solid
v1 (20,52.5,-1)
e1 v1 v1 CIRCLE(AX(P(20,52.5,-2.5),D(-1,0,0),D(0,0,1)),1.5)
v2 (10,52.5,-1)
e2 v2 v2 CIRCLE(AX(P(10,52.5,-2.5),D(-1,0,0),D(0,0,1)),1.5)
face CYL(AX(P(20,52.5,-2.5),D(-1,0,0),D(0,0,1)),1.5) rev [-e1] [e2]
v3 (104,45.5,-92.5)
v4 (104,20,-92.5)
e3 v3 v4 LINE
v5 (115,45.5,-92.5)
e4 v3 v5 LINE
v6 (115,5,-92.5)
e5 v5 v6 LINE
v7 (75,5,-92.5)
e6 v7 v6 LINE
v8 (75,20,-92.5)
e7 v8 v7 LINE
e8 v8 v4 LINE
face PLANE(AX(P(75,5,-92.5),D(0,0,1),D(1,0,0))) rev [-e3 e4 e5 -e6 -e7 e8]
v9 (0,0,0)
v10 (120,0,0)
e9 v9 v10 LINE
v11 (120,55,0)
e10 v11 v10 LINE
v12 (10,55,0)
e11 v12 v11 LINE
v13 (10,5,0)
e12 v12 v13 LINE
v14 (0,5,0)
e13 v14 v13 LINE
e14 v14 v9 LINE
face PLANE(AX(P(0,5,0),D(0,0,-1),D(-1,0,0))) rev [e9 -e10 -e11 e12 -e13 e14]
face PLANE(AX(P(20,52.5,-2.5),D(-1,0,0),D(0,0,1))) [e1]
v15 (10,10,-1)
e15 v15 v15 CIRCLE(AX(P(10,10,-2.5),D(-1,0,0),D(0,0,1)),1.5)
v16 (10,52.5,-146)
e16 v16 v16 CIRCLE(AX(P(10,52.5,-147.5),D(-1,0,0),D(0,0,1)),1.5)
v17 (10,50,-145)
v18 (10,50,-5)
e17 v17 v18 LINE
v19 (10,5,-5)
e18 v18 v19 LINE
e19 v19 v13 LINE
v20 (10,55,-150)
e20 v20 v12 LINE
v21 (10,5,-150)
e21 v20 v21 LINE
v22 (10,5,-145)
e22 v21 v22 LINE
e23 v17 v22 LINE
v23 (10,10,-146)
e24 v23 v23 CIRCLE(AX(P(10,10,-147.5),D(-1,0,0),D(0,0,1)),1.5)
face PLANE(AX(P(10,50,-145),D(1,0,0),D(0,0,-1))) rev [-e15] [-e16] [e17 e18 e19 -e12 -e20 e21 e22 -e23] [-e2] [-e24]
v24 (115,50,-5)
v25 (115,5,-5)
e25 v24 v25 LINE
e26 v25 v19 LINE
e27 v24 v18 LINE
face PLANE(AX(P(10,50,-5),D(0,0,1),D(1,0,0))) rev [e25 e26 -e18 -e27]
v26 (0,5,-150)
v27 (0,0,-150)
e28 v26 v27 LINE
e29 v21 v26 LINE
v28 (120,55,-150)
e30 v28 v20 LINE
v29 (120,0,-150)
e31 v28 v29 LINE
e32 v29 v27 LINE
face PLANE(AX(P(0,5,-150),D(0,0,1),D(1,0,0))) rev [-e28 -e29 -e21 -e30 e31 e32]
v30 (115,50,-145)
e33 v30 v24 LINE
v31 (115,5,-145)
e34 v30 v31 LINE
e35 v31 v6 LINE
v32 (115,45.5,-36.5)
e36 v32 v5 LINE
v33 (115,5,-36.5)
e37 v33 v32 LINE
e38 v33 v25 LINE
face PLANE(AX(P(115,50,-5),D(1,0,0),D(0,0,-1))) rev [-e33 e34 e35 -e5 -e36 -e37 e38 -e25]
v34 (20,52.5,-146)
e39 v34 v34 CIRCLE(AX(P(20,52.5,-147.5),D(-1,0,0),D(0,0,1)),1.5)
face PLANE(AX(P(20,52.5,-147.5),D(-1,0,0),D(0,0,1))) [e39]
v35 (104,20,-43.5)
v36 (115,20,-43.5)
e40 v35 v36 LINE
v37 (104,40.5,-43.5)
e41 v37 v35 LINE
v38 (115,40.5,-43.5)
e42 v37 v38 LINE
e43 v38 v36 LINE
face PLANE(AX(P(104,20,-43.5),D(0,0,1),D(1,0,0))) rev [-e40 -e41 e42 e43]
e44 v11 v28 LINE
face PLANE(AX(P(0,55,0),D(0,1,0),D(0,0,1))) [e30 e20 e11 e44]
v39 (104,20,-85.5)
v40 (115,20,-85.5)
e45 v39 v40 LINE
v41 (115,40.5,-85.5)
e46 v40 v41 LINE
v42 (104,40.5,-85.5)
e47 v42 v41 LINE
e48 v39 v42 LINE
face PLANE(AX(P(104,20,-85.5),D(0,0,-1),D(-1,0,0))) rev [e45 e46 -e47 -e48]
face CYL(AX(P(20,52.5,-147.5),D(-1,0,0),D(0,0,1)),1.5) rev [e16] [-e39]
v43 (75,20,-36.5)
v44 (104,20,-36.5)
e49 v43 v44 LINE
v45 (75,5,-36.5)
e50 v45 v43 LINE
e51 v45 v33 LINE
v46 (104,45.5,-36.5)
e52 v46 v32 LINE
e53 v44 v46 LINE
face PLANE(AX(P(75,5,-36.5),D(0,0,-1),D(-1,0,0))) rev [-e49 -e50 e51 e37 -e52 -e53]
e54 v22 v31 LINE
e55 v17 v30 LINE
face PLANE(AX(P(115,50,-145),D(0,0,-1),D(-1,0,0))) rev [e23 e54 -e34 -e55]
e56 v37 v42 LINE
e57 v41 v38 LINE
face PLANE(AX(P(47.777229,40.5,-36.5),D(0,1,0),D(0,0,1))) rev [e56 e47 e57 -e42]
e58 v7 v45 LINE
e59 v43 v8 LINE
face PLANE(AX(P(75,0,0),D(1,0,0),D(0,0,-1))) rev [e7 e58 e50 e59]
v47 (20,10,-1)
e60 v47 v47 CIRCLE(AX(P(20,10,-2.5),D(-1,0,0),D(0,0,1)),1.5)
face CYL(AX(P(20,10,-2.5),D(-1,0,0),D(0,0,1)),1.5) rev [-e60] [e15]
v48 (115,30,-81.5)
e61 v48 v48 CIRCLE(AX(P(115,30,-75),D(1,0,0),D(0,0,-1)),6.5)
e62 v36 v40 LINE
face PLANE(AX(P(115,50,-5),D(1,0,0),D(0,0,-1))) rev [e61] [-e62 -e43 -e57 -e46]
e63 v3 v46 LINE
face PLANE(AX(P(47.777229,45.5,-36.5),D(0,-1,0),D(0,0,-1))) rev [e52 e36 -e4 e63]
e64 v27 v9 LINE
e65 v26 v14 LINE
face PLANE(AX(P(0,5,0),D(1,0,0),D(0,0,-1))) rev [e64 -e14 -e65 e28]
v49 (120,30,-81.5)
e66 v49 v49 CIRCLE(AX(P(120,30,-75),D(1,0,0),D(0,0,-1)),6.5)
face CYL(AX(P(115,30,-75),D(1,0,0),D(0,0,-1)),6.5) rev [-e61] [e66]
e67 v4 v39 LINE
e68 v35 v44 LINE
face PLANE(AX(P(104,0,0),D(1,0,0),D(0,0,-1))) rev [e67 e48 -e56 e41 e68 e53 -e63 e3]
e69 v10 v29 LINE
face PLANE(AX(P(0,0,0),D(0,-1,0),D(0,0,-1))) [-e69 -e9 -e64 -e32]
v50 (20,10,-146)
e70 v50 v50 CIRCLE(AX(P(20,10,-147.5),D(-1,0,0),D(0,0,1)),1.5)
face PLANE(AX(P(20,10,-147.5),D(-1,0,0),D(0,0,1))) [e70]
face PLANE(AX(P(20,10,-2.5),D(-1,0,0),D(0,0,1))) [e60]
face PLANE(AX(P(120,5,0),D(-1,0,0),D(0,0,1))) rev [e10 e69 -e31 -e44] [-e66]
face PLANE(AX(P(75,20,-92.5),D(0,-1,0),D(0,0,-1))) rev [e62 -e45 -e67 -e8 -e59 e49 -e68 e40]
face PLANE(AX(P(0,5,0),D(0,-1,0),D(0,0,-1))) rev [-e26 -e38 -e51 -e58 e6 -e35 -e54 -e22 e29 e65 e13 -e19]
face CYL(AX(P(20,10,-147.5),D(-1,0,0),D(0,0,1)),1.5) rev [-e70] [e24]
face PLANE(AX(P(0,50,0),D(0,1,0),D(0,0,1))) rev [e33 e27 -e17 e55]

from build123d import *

# Parameters (mm, degrees)
SKETCH3_W           = 120
SKETCH3_H           = 150
BOSS_EXTRUDE2_DEPTH = 5
BOSS_EXTRUDE3_DEPTH = 45
SKETCH5_W           = 110
SKETCH5_H           = 150
BOSS_EXTRUDE4_DEPTH = 5
SKETCH6_R           = 6.5
CUT_EXTRUDE1_DEPTH  = 5
SKETCH7_W           = 40
SKETCH7_H           = 140
BOSS_EXTRUDE5_DEPTH = 8
SKETCH8_W           = 40
SKETCH8_H           = 5
BOSS_EXTRUDE6_DEPTH = 25.5
SKETCH9_R           = 1.5
CUT_EXTRUDE2_DEPTH  = 10
SKETCH10_W          = 47.5
SKETCH10_H          = 8
CUT_EXTRUDE3_DEPTH  = 40
SKETCH11_W          = 45
SKETCH11_H          = 33.5
CUT_EXTRUDE4_DEPTH  = 40
SKETCH12_W          = 56
SKETCH12_H          = 15
BOSS_EXTRUDE7_DEPTH = 40
SKETCH13_W          = 7
SKETCH13_H          = 20.5
BOSS_EXTRUDE8_DEPTH = 11
SKETCH14_W          = 56
SKETCH14_H          = 5
BOSS_EXTRUDE9_DEPTH = 11


with BuildPart() as part:
    # Sketch3 → Boss-Extrude2 (new body)
    with BuildSketch(Plane(origin=(0, 0, 0), x_dir=(1, 0, 0), z_dir=(0, 1, 0))):
        with Locations((60, 75)):
            Rectangle(SKETCH3_W, SKETCH3_H)
    extrude(amount=BOSS_EXTRUDE2_DEPTH)

    # Sketch4 → Boss-Extrude3 (add)
    with BuildSketch(Plane(origin=(0, 5, 0), x_dir=(1, 0, 0), z_dir=(0, 1, 0))):
        Polygon((10, 0), (10, 5), (115, 5), (115, 145), (10, 145), (10, 150), (120, 150), (120, 0), align=None)
    extrude(amount=BOSS_EXTRUDE3_DEPTH)

    # Sketch5 → Boss-Extrude4 (add)
    with BuildSketch(Plane(origin=(0, 50, 0), x_dir=(1, 0, 0), z_dir=(0, 1, 0))):
        with Locations((65, 75)):
            Rectangle(SKETCH5_W, SKETCH5_H)
    extrude(amount=BOSS_EXTRUDE4_DEPTH)

    # Sketch6 → Cut-Extrude1 (cut)
    with BuildSketch(Plane(origin=(120, 0, 0), x_dir=(0, 0, -1), z_dir=(1, 0, 0))):
        with Locations((75, 30)):
            Circle(SKETCH6_R)
    extrude(amount=-CUT_EXTRUDE1_DEPTH, mode=Mode.SUBTRACT)

    # Sketch7 → Boss-Extrude5 (add)
    with BuildSketch(Plane(origin=(0, 5, 0), x_dir=(1, 0, 0), z_dir=(0, 1, 0))):
        with Locations((95, 75)):
            Rectangle(SKETCH7_W, SKETCH7_H)
    extrude(amount=BOSS_EXTRUDE5_DEPTH)

    # Sketch8 → Boss-Extrude6 (add)
    with BuildSketch(Plane(origin=(0, 13, 0), x_dir=(1, 0, 0), z_dir=(0, 1, 0))):
        with Locations((95, 55)):
            Rectangle(SKETCH8_W, SKETCH8_H)
        with Locations((95, 95)):
            Rectangle(SKETCH8_W, SKETCH8_H)
    extrude(amount=BOSS_EXTRUDE6_DEPTH)

    # Sketch9 → Cut-Extrude2 (cut)
    with BuildSketch(Plane.ZY.offset(-10)):
        with Locations((-147.5, 10)):
            Circle(SKETCH9_R)
        with Locations((-147.5, 52.5)):
            Circle(SKETCH9_R)
        with Locations((-2.5, 10)):
            Circle(SKETCH9_R)
        with Locations((-2.5, 52.5)):
            Circle(SKETCH9_R)
    extrude(amount=-CUT_EXTRUDE2_DEPTH, mode=Mode.SUBTRACT)

    # Sketch10 → Cut-Extrude3 (cut)
    with BuildSketch(Plane.ZY.offset(-75)):
        with Locations((-121.25, 9)):
            Rectangle(SKETCH10_W, SKETCH10_H)
        with Locations((-28.75, 9)):
            Rectangle(SKETCH10_W, SKETCH10_H)
    extrude(amount=-CUT_EXTRUDE3_DEPTH, mode=Mode.SUBTRACT)

    # Sketch11 → Cut-Extrude4 (cut)
    with BuildSketch(Plane.ZY.offset(-75)):
        with Locations((-75, 21.75)):
            Rectangle(SKETCH11_W, SKETCH11_H)
    extrude(amount=-CUT_EXTRUDE4_DEPTH, mode=Mode.SUBTRACT)

    # Sketch12 → Boss-Extrude7 (add)
    with BuildSketch(Plane.ZY.offset(-115)):
        with Locations((-64.5, 12.5)):
            Rectangle(SKETCH12_W, SKETCH12_H)
    extrude(amount=BOSS_EXTRUDE7_DEPTH)

    # Sketch13 → Boss-Extrude8 (add)
    with BuildSketch(Plane.ZY.offset(-115)):
        with Locations((-89, 30.25)):
            Rectangle(SKETCH13_W, SKETCH13_H)
        with Locations((-40, 30.25)):
            Rectangle(SKETCH13_W, SKETCH13_H)
    extrude(amount=BOSS_EXTRUDE8_DEPTH)

    # Sketch14 → Boss-Extrude9 (add)
    with BuildSketch(Plane.ZY.offset(-115)):
        with Locations((-64.5, 43)):
            Rectangle(SKETCH14_W, SKETCH14_H)
    extrude(amount=BOSS_EXTRUDE9_DEPTH)


solid = part.part
